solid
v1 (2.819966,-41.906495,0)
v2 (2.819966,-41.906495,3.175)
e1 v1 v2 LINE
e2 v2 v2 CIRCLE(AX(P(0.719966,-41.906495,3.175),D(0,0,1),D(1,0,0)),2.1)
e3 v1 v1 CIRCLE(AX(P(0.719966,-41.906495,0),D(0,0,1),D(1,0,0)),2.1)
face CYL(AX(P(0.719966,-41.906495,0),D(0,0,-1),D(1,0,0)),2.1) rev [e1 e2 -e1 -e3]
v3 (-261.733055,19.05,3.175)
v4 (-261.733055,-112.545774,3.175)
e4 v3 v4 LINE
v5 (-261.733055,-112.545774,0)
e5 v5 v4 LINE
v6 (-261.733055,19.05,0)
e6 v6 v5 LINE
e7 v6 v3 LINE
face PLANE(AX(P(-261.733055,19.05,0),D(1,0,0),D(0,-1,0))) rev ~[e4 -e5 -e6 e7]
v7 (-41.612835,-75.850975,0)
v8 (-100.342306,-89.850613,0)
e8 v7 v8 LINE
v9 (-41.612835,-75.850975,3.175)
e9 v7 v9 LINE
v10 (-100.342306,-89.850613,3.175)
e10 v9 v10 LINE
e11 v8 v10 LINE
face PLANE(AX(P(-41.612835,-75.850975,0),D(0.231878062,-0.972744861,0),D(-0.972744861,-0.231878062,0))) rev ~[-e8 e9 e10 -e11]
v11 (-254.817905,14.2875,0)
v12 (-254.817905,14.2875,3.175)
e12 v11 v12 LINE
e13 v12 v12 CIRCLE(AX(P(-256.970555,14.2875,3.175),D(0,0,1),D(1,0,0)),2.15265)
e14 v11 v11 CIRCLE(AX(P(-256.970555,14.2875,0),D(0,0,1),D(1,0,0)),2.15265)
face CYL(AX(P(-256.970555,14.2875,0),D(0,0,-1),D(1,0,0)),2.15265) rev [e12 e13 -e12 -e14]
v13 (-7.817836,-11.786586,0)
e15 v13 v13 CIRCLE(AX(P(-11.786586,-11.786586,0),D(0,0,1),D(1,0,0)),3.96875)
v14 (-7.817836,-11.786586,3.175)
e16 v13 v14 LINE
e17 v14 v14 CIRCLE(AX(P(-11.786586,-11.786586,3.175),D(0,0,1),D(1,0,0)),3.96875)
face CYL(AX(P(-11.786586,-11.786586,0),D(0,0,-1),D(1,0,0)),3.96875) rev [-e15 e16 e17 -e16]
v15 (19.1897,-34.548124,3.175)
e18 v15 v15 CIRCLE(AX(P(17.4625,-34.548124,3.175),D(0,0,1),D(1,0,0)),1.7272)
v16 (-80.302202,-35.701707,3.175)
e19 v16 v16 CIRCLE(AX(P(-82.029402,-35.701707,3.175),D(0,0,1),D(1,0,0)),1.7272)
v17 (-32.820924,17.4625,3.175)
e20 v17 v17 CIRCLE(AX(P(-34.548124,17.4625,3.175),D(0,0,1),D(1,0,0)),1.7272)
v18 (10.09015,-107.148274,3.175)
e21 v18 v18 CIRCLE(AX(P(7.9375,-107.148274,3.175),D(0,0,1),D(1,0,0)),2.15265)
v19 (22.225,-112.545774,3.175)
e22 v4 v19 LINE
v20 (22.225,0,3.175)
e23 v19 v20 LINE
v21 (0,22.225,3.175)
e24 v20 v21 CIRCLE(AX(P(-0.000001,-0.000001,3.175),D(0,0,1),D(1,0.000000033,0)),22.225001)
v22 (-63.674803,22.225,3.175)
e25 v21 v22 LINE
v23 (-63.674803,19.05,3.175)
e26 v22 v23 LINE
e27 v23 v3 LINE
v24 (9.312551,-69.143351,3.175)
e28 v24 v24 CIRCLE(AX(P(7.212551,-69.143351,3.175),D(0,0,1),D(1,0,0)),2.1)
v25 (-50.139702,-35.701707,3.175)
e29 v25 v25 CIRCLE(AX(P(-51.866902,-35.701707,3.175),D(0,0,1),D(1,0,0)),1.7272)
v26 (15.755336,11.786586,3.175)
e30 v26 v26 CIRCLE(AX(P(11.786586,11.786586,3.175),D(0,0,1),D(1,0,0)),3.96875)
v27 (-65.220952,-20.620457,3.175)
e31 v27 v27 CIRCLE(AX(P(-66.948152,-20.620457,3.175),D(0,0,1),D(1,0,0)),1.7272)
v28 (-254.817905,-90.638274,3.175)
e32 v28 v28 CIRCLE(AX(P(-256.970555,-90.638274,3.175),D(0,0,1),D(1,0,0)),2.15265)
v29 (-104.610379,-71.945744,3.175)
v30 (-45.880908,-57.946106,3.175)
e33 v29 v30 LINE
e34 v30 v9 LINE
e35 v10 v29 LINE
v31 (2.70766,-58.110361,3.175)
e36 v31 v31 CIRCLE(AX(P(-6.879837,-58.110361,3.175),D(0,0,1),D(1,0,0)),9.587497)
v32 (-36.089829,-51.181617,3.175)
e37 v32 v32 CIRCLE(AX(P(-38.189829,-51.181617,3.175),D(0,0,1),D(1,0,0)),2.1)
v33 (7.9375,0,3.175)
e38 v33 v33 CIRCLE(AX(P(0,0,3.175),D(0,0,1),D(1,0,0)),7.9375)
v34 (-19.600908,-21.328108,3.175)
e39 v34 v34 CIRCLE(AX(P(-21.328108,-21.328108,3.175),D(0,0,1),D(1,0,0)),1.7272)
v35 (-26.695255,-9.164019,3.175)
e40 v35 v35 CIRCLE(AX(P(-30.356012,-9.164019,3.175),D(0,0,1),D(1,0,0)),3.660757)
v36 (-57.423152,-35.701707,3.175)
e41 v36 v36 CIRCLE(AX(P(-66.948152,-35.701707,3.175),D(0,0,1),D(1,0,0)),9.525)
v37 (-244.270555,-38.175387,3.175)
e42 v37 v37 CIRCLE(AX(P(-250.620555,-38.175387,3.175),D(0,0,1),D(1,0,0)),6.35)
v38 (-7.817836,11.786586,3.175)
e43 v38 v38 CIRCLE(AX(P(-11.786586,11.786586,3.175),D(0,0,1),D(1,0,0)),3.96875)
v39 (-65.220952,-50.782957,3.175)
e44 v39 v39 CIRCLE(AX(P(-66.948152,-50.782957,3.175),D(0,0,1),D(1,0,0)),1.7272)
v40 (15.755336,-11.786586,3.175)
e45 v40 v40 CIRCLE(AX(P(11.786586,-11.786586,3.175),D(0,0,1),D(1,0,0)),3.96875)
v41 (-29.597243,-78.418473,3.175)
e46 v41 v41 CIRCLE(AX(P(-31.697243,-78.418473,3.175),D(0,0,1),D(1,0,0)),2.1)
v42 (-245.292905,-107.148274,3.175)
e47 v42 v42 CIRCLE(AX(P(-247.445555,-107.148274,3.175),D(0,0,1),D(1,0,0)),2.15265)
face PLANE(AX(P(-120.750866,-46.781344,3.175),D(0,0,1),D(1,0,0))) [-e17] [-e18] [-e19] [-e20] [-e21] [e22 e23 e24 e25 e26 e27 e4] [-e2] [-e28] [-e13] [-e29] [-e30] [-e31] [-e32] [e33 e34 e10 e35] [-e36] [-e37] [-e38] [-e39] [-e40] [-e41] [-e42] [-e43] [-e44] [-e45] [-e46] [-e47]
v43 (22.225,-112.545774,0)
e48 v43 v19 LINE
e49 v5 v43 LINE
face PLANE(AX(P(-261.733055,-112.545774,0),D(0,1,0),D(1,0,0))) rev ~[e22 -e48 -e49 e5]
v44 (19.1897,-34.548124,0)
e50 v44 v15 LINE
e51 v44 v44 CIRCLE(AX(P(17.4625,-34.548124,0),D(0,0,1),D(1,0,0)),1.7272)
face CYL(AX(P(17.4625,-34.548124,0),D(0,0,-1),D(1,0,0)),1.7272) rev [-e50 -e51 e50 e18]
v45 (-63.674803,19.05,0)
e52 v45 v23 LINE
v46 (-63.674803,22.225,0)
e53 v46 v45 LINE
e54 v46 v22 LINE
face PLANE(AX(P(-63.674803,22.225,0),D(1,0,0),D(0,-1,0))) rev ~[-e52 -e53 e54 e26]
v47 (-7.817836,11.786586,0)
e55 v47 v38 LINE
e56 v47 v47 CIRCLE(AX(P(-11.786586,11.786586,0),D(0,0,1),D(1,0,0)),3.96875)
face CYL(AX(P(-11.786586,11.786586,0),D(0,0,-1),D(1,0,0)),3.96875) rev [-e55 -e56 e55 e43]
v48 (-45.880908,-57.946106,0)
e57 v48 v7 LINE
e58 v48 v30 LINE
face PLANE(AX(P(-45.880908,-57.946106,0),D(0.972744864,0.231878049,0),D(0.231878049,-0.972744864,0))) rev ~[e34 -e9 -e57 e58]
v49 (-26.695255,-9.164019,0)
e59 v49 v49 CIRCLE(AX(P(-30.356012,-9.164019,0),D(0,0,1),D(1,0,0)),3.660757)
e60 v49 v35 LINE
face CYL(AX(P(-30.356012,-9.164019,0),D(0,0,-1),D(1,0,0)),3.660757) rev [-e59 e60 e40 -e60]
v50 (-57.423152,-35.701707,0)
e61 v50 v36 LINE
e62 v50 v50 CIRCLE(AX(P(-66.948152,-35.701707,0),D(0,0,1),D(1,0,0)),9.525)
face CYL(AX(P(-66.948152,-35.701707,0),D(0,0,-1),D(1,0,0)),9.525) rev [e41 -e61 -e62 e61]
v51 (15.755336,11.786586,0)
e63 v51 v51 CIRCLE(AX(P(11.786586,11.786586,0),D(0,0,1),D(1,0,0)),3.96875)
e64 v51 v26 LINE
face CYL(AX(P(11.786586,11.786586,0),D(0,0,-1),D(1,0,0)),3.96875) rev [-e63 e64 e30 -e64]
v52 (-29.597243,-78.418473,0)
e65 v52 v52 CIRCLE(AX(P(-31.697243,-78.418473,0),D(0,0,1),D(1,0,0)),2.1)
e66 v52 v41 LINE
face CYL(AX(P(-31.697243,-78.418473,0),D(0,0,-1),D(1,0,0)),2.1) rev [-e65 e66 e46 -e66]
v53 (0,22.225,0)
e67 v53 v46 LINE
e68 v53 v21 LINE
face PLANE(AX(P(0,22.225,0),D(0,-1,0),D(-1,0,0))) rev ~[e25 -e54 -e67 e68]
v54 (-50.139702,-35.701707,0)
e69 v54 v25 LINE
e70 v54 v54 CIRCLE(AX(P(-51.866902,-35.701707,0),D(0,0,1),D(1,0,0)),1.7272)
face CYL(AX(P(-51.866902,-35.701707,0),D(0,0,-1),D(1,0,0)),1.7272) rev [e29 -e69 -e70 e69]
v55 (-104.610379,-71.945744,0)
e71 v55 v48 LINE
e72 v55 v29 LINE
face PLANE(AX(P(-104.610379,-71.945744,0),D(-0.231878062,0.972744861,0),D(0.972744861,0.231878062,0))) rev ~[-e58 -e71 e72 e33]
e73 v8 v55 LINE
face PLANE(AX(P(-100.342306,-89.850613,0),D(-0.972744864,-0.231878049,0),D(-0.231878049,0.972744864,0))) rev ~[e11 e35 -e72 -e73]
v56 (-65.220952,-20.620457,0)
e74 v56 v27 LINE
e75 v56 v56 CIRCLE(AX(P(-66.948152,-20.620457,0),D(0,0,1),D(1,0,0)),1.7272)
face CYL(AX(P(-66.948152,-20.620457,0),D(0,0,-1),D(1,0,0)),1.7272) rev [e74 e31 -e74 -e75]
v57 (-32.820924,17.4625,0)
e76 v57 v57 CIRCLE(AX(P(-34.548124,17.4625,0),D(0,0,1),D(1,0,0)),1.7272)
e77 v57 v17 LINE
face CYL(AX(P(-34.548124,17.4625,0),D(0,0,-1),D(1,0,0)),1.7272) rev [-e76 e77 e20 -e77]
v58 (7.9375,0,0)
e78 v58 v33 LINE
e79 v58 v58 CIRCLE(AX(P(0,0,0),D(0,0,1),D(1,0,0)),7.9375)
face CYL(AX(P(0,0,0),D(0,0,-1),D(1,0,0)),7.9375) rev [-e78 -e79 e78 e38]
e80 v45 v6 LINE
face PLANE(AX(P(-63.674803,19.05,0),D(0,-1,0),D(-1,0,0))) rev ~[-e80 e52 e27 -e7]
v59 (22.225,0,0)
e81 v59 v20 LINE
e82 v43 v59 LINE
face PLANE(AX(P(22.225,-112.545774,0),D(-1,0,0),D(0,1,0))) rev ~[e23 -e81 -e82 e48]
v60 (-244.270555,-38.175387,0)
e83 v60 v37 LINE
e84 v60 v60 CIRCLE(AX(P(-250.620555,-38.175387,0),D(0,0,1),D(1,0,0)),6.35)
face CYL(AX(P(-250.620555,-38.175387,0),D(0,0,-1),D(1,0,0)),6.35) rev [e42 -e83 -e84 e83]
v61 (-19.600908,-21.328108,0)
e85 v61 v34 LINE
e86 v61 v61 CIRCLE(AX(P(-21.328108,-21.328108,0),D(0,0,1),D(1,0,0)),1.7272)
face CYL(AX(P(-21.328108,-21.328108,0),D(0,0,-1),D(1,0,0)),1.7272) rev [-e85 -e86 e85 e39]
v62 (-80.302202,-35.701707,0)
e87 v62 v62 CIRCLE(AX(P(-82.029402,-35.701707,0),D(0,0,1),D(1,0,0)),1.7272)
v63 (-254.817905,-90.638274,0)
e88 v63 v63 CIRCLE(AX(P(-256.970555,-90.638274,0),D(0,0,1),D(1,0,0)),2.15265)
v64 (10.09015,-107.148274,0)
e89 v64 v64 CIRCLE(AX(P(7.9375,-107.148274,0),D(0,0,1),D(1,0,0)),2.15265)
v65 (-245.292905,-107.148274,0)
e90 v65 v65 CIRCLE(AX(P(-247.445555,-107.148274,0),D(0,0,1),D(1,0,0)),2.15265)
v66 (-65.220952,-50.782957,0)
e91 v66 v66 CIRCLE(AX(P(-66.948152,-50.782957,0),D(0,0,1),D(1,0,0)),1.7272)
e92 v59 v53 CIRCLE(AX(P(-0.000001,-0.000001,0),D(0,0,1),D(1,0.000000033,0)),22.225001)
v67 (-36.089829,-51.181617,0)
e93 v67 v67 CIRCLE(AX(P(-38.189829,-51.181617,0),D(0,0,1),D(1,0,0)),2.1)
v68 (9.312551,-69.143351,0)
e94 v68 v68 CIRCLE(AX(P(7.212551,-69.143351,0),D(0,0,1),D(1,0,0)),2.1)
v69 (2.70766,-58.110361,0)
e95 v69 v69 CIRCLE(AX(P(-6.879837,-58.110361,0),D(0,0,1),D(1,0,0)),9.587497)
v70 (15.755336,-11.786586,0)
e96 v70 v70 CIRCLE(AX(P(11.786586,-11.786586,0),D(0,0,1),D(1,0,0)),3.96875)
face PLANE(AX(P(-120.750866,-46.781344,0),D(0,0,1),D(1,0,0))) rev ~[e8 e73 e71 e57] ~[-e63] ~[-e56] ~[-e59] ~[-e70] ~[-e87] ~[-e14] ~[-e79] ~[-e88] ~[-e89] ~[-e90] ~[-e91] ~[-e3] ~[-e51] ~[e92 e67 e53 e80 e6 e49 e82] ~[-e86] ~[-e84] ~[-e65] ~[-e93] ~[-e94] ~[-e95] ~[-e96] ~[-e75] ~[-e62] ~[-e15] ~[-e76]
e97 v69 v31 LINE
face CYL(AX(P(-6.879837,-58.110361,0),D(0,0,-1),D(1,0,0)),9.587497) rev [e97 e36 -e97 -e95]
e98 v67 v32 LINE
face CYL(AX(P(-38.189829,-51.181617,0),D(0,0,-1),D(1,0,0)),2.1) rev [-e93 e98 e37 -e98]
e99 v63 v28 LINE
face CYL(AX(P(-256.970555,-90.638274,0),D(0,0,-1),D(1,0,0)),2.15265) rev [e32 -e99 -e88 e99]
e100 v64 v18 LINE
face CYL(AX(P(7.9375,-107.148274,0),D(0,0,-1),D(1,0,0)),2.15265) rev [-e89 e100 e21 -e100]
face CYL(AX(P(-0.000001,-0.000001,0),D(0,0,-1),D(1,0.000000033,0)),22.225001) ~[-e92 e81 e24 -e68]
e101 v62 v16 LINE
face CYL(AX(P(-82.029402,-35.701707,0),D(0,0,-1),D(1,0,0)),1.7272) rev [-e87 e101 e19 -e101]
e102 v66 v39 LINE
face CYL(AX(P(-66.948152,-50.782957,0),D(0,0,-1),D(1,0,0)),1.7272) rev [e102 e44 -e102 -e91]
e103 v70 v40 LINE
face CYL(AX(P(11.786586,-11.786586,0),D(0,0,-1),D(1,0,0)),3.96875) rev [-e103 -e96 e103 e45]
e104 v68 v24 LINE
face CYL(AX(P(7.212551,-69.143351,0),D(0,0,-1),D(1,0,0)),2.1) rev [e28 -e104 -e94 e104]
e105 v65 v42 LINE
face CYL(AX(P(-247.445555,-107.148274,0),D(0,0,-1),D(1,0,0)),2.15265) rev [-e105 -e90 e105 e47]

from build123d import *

# Parameters (mm, degrees)
F0_R     = 2.15265
F0_R_2   = 1.7272
F0_R_3   = 2.1
F0_R_4   = 9.587497
F0_R_5   = 6.35
F0_R_6   = 9.525
F0_R_7   = 3.96875
F0_R_8   = 3.660757
F0_R_9   = 7.9375
F1_DEPTH = 3.175


with BuildPart() as f1:
    # F0 (on Top) → F1 (new body)
    with BuildSketch(Plane.XY):
        with BuildLine():
            Line((0, 22.225), (-63.674803, 22.225))
            Line((-63.674803, 22.225), (-63.674803, 19.05))
            Line((-63.674803, 19.05), (-261.733055, 19.05))
            Line((-261.733055, 19.05), (-261.733055, -112.545774))
            Line((-261.733055, -112.545774), (22.225, -112.545774))
            Line((22.225, -112.545774), (22.225, -101.750774))
            Line((22.225, -101.750774), (22.225, 0))
            ThreePointArc((22.225, 0), (15.715448, 15.715448), (0, 22.225))
        make_face()
        with Locations((-247.445555, -107.148274)):
            Circle(F0_R, mode=Mode.SUBTRACT)
        with Locations((-256.970555, -90.638274)):
            Circle(F0_R, mode=Mode.SUBTRACT)
        with Locations((7.9375, -107.148274)):
            Circle(F0_R, mode=Mode.SUBTRACT)
        Polygon((-104.610379, -71.945744), (-45.880908, -57.946106), (-41.612835, -75.850975), (-100.342306, -89.850613), align=None, mode=Mode.SUBTRACT)
        with Locations((-66.948152, -50.782957)):
            Circle(F0_R_2, mode=Mode.SUBTRACT)
        with Locations((-31.697243, -78.418473)):
            Circle(F0_R_3, mode=Mode.SUBTRACT)
        with Locations((7.212551, -69.143351)):
            Circle(F0_R_3, mode=Mode.SUBTRACT)
        with Locations((-38.189829, -51.181617)):
            Circle(F0_R_3, mode=Mode.SUBTRACT)
        with Locations((-6.879837, -58.110361)):
            Circle(F0_R_4, mode=Mode.SUBTRACT)
        with Locations((-250.620555, -38.175387)):
            Circle(F0_R_5, mode=Mode.SUBTRACT)
        with Locations((-256.970555, 14.2875)):
            Circle(F0_R, mode=Mode.SUBTRACT)
        with Locations((-82.029402, -35.701707)):
            Circle(F0_R_2, mode=Mode.SUBTRACT)
        with Locations((-66.948152, -35.701707)):
            Circle(F0_R_6, mode=Mode.SUBTRACT)
        with Locations((-51.866902, -35.701707)):
            Circle(F0_R_2, mode=Mode.SUBTRACT)
        with Locations((-66.948152, -20.620457)):
            Circle(F0_R_2, mode=Mode.SUBTRACT)
        with Locations((0.719966, -41.906495)):
            Circle(F0_R_3, mode=Mode.SUBTRACT)
        with Locations((17.4625, -34.548124)):
            Circle(F0_R_2, mode=Mode.SUBTRACT)
        with Locations((-21.328108, -21.328108)):
            Circle(F0_R_2, mode=Mode.SUBTRACT)
        with Locations((-11.786586, -11.786586)):
            Circle(F0_R_7, mode=Mode.SUBTRACT)
        with Locations((11.786586, -11.786586)):
            Circle(F0_R_7, mode=Mode.SUBTRACT)
        with Locations((-30.356012, -9.164019)):
            Circle(F0_R_8, mode=Mode.SUBTRACT)
        Circle(F0_R_9, mode=Mode.SUBTRACT)
        with Locations((-34.548124, 17.4625)):
            Circle(F0_R_2, mode=Mode.SUBTRACT)
        with Locations((-11.786586, 11.786586)):
            Circle(F0_R_7, mode=Mode.SUBTRACT)
        with Locations((11.786586, 11.786586)):
            Circle(F0_R_7, mode=Mode.SUBTRACT)
    extrude(amount=F1_DEPTH)


solid = f1.part
